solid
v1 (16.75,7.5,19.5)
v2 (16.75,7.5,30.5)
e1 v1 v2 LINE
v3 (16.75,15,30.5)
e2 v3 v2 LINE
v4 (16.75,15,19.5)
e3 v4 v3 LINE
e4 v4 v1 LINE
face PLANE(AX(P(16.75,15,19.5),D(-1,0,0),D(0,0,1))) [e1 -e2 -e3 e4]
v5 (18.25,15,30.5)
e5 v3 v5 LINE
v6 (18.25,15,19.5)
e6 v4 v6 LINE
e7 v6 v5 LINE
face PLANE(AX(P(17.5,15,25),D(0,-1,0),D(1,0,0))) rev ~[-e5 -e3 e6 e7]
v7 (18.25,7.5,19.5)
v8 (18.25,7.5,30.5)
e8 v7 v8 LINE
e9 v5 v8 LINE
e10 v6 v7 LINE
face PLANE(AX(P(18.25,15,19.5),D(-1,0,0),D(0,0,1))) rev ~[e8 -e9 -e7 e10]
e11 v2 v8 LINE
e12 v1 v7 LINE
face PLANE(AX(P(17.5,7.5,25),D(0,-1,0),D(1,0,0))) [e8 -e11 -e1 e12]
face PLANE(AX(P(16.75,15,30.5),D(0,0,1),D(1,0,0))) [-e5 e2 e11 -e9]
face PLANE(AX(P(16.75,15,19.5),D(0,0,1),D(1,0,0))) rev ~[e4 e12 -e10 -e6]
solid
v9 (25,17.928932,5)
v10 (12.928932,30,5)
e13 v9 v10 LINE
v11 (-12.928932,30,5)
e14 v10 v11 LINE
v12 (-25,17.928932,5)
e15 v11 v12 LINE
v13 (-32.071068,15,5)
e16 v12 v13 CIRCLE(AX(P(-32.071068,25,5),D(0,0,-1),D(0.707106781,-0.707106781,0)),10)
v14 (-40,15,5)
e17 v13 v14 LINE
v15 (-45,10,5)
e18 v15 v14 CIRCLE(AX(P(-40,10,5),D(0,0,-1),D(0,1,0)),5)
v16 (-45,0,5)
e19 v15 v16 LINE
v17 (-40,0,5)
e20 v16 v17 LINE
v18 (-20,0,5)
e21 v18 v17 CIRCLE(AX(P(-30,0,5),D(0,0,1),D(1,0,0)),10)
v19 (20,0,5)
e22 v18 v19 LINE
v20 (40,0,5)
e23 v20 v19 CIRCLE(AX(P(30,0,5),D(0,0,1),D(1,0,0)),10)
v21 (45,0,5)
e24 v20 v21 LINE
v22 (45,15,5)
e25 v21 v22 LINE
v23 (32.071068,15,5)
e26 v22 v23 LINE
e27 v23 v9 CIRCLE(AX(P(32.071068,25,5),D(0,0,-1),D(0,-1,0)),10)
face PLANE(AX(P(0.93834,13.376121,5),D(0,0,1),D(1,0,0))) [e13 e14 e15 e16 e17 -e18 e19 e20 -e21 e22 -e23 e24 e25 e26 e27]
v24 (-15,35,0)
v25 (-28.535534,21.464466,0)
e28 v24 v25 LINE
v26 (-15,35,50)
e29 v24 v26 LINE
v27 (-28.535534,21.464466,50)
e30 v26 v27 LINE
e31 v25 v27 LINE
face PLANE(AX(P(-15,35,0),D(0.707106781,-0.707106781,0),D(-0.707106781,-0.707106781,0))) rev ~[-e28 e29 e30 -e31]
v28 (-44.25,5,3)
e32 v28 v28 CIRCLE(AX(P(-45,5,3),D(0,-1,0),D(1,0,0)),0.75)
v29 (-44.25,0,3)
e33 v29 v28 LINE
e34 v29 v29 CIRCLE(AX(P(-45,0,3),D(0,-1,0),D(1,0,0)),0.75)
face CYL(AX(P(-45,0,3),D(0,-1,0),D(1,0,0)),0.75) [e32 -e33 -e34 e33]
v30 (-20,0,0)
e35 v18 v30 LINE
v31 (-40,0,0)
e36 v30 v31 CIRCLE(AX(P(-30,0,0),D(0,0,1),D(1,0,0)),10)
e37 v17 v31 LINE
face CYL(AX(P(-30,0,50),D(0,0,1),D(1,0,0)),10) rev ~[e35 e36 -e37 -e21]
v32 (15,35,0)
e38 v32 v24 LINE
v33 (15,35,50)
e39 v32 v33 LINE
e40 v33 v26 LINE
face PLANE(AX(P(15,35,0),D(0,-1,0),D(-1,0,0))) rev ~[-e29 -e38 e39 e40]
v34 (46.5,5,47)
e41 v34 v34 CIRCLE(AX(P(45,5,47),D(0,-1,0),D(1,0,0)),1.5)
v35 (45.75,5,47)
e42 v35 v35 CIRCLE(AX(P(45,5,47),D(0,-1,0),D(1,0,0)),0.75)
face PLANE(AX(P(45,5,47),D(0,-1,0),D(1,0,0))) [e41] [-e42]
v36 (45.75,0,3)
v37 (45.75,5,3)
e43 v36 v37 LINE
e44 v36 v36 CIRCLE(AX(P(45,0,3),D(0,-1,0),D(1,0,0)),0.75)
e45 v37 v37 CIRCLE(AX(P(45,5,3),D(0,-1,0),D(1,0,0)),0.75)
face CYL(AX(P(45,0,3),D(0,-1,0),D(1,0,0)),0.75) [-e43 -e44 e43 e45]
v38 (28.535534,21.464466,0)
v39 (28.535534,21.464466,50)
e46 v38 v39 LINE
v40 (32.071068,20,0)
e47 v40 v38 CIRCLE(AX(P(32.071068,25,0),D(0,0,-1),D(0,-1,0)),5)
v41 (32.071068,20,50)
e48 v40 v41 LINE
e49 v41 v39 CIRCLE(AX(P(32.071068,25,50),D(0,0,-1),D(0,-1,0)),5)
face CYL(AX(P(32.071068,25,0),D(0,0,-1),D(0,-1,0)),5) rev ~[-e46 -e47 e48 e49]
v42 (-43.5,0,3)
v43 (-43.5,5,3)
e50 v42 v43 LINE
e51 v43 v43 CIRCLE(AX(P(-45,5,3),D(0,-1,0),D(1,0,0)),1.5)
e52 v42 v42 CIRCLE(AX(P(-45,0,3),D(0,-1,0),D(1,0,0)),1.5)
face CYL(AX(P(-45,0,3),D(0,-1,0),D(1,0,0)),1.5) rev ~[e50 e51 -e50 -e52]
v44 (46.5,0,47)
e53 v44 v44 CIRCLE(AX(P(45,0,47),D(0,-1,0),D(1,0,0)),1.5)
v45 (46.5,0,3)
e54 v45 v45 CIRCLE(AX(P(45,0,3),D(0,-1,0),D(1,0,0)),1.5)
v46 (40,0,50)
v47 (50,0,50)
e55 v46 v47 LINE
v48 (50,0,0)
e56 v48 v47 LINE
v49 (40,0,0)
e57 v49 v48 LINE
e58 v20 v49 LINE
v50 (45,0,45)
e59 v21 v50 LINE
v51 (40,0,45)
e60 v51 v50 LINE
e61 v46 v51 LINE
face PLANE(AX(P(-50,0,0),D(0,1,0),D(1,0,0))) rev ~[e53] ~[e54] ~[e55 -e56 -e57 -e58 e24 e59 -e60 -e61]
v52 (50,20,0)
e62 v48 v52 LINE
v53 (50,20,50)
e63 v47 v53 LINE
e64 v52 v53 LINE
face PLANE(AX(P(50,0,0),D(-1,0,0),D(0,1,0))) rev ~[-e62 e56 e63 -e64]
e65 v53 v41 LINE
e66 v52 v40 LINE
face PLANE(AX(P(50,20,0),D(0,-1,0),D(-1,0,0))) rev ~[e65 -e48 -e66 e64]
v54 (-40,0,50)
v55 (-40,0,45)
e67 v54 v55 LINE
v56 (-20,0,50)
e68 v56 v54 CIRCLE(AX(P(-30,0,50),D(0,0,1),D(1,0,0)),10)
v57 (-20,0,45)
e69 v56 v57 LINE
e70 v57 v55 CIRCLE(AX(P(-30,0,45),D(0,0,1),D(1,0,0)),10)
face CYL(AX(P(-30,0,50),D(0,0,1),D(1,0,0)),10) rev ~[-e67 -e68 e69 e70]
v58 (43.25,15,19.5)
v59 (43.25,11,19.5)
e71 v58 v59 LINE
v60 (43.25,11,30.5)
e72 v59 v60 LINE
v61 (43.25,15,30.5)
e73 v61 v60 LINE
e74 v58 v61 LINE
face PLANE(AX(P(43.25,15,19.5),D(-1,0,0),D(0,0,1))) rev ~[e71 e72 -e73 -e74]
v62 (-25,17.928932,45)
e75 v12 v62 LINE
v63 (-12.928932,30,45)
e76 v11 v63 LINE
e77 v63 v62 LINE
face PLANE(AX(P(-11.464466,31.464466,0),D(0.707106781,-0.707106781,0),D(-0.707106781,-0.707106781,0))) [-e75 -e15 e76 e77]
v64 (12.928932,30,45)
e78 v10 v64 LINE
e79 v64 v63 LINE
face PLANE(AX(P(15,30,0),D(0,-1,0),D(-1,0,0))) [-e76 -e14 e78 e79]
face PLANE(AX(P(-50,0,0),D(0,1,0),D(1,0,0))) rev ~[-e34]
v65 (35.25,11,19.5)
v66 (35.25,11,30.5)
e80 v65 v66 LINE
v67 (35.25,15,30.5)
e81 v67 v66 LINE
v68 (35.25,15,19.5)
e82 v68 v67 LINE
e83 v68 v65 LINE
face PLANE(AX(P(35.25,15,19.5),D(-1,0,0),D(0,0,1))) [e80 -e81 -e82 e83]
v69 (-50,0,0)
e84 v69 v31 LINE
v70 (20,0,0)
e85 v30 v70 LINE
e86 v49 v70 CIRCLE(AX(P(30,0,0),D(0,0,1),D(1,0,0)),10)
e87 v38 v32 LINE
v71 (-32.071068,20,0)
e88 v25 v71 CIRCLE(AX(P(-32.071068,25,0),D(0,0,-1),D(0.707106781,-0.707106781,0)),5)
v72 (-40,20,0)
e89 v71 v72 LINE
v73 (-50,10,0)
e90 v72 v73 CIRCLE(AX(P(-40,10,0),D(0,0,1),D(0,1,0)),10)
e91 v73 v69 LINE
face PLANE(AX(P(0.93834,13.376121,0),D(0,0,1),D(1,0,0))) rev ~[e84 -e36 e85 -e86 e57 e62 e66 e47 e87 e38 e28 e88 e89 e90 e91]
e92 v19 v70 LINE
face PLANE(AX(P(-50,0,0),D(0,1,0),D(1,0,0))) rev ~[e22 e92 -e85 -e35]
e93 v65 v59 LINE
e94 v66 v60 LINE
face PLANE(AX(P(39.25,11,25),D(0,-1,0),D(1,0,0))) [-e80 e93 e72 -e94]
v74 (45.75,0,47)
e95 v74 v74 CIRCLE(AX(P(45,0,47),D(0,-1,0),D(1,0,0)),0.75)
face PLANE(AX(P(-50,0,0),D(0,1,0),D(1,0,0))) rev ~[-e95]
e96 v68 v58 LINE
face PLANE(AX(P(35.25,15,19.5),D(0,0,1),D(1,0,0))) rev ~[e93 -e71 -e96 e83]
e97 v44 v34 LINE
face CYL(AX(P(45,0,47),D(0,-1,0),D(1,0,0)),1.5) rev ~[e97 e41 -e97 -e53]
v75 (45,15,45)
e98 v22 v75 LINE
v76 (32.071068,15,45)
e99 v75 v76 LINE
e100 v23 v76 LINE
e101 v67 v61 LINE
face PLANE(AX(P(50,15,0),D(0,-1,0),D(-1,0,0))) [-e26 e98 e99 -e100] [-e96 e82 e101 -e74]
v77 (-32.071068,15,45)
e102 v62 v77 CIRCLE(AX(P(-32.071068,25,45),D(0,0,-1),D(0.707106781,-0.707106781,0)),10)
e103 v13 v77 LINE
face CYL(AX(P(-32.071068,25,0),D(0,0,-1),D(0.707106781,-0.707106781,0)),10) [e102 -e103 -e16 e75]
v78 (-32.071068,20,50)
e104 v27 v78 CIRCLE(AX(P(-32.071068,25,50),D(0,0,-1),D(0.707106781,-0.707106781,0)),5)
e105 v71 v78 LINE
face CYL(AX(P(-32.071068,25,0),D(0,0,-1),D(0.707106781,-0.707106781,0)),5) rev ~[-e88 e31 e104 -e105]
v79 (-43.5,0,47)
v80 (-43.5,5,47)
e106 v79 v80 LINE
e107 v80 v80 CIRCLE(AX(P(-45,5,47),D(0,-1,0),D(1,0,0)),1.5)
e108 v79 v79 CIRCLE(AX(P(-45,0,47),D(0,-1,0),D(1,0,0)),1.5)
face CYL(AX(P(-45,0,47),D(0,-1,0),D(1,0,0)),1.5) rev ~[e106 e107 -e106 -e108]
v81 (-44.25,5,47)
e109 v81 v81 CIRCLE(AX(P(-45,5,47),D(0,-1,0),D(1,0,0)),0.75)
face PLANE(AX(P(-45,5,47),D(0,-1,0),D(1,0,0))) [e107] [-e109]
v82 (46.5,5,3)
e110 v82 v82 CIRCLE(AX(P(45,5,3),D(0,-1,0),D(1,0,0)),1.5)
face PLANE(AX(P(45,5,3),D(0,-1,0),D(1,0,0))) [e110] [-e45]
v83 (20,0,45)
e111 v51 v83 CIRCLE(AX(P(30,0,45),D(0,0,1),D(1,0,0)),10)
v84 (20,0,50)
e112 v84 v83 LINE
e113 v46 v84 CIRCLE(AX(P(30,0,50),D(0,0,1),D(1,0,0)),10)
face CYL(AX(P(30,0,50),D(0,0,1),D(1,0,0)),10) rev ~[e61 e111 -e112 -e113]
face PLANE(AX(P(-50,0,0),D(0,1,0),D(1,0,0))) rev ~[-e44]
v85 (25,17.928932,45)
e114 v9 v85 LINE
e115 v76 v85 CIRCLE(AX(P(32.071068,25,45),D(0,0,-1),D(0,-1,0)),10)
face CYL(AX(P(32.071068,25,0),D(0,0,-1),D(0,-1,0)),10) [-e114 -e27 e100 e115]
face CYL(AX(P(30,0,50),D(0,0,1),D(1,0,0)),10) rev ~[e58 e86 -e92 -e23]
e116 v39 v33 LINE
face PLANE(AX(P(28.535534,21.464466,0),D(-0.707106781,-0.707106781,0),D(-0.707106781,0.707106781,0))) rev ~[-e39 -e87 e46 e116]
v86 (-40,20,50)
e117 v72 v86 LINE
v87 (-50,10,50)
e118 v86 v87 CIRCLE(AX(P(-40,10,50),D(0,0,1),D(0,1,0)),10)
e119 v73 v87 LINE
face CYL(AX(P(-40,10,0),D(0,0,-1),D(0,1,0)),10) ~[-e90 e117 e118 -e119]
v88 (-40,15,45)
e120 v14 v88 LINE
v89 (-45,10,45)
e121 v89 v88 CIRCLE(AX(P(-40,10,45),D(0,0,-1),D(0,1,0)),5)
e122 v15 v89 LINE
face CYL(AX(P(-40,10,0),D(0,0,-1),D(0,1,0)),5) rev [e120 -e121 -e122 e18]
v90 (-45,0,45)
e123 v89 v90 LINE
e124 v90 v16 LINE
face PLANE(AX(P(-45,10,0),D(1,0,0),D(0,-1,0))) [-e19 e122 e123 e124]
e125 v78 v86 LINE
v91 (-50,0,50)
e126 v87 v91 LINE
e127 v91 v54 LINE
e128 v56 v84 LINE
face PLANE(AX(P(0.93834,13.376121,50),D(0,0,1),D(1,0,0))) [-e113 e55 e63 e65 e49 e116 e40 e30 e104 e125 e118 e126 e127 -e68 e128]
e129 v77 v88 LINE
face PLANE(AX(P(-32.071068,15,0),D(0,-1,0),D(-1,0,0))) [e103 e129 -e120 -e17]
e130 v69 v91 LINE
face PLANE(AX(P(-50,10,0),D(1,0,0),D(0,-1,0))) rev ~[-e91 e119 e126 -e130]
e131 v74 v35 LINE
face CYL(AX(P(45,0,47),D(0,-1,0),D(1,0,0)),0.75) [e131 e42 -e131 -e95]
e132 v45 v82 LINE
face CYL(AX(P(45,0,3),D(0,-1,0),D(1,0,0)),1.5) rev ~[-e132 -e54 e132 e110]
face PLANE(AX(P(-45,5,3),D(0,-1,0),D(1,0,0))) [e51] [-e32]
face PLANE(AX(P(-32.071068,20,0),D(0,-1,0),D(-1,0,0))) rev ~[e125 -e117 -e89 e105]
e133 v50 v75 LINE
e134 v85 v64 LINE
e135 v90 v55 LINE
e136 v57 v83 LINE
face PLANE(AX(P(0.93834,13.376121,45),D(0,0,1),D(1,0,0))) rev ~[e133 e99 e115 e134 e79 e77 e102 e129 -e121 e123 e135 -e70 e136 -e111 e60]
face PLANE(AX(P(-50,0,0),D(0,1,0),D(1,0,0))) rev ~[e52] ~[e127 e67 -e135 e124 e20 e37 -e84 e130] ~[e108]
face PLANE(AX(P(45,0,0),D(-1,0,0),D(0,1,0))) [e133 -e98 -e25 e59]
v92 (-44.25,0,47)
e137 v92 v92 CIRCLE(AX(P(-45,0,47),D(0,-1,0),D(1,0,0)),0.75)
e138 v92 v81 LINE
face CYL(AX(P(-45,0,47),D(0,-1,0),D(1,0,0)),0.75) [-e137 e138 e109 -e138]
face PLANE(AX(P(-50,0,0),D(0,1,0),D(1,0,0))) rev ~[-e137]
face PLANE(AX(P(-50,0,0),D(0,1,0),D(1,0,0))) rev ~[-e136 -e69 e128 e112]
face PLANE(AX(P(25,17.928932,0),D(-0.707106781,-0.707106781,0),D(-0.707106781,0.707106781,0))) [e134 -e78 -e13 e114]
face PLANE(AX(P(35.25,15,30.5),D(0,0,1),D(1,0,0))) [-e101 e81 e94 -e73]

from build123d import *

# Parameters (mm, degrees)
BOSS_EXTRUDE1_DEPTH = 50
SHELL1_T            = -5
CUT_EXTRUDE1_DEPTH  = 51
SKETCH5_R           = 1.5
SKETCH5_R_2         = 0.75
CUT_EXTRUDE3_DEPTH  = 5
SKETCH6_W           = 1.5
SKETCH6_H           = 11
SKETCH6_W_2         = 8
BOSS_EXTRUDE2_DEPTH = 7.5
SKETCH8_W           = 8
SKETCH8_H           = 11
CUT_EXTRUDE5_DEPTH  = 3.5


with BuildPart() as part:
    # Sketch1 → Boss-Extrude1 (new body)
    with BuildSketch(Plane.XY):
        with BuildLine():
            Line((-50, 0), (50, 0))
            Line((50, 0), (50, 20))
            Line((50, 20), (32.071067812, 20))
            ThreePointArc((32.071067812, 20), (30.15765065, 20.380602337), (28.535533906, 21.464466094))
            Line((28.535533906, 21.464466094), (15, 35))
            Line((15, 35), (-15, 35))
            Line((-15, 35), (-28.535533906, 21.464466094))
            ThreePointArc((-28.535533906, 21.464466094), (-30.15765065, 20.380602337), (-32.071067812, 20))
            Line((-32.071067812, 20), (-40, 20))
            ThreePointArc((-40, 20), (-47.071067812, 17.071067812), (-50, 10))
            Line((-50, 10), (-50, 0))
        make_face()
    extrude(amount=BOSS_EXTRUDE1_DEPTH)

    # Shell1
    shell1_openings = [part.faces().sort_by_distance(p)[0] for p in [
        (0, 0, 25),
    ]]
    offset(amount=SHELL1_T, openings=shell1_openings, kind=Kind.INTERSECTION)

    # Sketch2 → Cut-Extrude1 (cut, through all)
    with BuildSketch(Plane.XY.offset(50)):
        with BuildLine():
            Line((-40, 0), (-20, 0))
            ThreePointArc((-20, 0), (-30, 10), (-40, 0))
        make_face()
        with BuildLine():
            Line((20, 0), (40, 0))
            ThreePointArc((40, 0), (30, 10), (20, 0))
        make_face()
    extrude(amount=-CUT_EXTRUDE1_DEPTH, mode=Mode.SUBTRACT)

    # Sketch5 → Cut-Extrude3 (cut)
    with BuildSketch(Plane.XZ):
        with Locations((-45, 3)):
            Circle(SKETCH5_R)
        with Locations((-45, 3)):
            Circle(SKETCH5_R_2, mode=Mode.SUBTRACT)
        with Locations((45, 3)):
            Circle(SKETCH5_R)
        with Locations((45, 3)):
            Circle(SKETCH5_R_2, mode=Mode.SUBTRACT)
        with Locations((45, 47)):
            Circle(SKETCH5_R)
        with Locations((45, 47)):
            Circle(SKETCH5_R_2, mode=Mode.SUBTRACT)
        with Locations((-45, 47)):
            Circle(SKETCH5_R)
        with Locations((-45, 47)):
            Circle(SKETCH5_R_2, mode=Mode.SUBTRACT)
    extrude(amount=-CUT_EXTRUDE3_DEPTH, mode=Mode.SUBTRACT)

    # Sketch6 → Boss-Extrude2 (add)
    with BuildSketch(Plane.XZ.offset(-15)):
        with Locations((17.5, 25)):
            Rectangle(SKETCH6_W, SKETCH6_H)
        with Locations((39.25, 25)):
            Rectangle(SKETCH6_W_2, SKETCH6_H)
    extrude(amount=BOSS_EXTRUDE2_DEPTH)

    # Sketch8 → Cut-Extrude5 (cut)
    with BuildSketch(Plane.XZ.offset(-7.5)):
        with Locations((39.25, 25)):
            Rectangle(SKETCH8_W, SKETCH8_H)
    extrude(amount=-CUT_EXTRUDE5_DEPTH, mode=Mode.SUBTRACT)


solid = part.part
